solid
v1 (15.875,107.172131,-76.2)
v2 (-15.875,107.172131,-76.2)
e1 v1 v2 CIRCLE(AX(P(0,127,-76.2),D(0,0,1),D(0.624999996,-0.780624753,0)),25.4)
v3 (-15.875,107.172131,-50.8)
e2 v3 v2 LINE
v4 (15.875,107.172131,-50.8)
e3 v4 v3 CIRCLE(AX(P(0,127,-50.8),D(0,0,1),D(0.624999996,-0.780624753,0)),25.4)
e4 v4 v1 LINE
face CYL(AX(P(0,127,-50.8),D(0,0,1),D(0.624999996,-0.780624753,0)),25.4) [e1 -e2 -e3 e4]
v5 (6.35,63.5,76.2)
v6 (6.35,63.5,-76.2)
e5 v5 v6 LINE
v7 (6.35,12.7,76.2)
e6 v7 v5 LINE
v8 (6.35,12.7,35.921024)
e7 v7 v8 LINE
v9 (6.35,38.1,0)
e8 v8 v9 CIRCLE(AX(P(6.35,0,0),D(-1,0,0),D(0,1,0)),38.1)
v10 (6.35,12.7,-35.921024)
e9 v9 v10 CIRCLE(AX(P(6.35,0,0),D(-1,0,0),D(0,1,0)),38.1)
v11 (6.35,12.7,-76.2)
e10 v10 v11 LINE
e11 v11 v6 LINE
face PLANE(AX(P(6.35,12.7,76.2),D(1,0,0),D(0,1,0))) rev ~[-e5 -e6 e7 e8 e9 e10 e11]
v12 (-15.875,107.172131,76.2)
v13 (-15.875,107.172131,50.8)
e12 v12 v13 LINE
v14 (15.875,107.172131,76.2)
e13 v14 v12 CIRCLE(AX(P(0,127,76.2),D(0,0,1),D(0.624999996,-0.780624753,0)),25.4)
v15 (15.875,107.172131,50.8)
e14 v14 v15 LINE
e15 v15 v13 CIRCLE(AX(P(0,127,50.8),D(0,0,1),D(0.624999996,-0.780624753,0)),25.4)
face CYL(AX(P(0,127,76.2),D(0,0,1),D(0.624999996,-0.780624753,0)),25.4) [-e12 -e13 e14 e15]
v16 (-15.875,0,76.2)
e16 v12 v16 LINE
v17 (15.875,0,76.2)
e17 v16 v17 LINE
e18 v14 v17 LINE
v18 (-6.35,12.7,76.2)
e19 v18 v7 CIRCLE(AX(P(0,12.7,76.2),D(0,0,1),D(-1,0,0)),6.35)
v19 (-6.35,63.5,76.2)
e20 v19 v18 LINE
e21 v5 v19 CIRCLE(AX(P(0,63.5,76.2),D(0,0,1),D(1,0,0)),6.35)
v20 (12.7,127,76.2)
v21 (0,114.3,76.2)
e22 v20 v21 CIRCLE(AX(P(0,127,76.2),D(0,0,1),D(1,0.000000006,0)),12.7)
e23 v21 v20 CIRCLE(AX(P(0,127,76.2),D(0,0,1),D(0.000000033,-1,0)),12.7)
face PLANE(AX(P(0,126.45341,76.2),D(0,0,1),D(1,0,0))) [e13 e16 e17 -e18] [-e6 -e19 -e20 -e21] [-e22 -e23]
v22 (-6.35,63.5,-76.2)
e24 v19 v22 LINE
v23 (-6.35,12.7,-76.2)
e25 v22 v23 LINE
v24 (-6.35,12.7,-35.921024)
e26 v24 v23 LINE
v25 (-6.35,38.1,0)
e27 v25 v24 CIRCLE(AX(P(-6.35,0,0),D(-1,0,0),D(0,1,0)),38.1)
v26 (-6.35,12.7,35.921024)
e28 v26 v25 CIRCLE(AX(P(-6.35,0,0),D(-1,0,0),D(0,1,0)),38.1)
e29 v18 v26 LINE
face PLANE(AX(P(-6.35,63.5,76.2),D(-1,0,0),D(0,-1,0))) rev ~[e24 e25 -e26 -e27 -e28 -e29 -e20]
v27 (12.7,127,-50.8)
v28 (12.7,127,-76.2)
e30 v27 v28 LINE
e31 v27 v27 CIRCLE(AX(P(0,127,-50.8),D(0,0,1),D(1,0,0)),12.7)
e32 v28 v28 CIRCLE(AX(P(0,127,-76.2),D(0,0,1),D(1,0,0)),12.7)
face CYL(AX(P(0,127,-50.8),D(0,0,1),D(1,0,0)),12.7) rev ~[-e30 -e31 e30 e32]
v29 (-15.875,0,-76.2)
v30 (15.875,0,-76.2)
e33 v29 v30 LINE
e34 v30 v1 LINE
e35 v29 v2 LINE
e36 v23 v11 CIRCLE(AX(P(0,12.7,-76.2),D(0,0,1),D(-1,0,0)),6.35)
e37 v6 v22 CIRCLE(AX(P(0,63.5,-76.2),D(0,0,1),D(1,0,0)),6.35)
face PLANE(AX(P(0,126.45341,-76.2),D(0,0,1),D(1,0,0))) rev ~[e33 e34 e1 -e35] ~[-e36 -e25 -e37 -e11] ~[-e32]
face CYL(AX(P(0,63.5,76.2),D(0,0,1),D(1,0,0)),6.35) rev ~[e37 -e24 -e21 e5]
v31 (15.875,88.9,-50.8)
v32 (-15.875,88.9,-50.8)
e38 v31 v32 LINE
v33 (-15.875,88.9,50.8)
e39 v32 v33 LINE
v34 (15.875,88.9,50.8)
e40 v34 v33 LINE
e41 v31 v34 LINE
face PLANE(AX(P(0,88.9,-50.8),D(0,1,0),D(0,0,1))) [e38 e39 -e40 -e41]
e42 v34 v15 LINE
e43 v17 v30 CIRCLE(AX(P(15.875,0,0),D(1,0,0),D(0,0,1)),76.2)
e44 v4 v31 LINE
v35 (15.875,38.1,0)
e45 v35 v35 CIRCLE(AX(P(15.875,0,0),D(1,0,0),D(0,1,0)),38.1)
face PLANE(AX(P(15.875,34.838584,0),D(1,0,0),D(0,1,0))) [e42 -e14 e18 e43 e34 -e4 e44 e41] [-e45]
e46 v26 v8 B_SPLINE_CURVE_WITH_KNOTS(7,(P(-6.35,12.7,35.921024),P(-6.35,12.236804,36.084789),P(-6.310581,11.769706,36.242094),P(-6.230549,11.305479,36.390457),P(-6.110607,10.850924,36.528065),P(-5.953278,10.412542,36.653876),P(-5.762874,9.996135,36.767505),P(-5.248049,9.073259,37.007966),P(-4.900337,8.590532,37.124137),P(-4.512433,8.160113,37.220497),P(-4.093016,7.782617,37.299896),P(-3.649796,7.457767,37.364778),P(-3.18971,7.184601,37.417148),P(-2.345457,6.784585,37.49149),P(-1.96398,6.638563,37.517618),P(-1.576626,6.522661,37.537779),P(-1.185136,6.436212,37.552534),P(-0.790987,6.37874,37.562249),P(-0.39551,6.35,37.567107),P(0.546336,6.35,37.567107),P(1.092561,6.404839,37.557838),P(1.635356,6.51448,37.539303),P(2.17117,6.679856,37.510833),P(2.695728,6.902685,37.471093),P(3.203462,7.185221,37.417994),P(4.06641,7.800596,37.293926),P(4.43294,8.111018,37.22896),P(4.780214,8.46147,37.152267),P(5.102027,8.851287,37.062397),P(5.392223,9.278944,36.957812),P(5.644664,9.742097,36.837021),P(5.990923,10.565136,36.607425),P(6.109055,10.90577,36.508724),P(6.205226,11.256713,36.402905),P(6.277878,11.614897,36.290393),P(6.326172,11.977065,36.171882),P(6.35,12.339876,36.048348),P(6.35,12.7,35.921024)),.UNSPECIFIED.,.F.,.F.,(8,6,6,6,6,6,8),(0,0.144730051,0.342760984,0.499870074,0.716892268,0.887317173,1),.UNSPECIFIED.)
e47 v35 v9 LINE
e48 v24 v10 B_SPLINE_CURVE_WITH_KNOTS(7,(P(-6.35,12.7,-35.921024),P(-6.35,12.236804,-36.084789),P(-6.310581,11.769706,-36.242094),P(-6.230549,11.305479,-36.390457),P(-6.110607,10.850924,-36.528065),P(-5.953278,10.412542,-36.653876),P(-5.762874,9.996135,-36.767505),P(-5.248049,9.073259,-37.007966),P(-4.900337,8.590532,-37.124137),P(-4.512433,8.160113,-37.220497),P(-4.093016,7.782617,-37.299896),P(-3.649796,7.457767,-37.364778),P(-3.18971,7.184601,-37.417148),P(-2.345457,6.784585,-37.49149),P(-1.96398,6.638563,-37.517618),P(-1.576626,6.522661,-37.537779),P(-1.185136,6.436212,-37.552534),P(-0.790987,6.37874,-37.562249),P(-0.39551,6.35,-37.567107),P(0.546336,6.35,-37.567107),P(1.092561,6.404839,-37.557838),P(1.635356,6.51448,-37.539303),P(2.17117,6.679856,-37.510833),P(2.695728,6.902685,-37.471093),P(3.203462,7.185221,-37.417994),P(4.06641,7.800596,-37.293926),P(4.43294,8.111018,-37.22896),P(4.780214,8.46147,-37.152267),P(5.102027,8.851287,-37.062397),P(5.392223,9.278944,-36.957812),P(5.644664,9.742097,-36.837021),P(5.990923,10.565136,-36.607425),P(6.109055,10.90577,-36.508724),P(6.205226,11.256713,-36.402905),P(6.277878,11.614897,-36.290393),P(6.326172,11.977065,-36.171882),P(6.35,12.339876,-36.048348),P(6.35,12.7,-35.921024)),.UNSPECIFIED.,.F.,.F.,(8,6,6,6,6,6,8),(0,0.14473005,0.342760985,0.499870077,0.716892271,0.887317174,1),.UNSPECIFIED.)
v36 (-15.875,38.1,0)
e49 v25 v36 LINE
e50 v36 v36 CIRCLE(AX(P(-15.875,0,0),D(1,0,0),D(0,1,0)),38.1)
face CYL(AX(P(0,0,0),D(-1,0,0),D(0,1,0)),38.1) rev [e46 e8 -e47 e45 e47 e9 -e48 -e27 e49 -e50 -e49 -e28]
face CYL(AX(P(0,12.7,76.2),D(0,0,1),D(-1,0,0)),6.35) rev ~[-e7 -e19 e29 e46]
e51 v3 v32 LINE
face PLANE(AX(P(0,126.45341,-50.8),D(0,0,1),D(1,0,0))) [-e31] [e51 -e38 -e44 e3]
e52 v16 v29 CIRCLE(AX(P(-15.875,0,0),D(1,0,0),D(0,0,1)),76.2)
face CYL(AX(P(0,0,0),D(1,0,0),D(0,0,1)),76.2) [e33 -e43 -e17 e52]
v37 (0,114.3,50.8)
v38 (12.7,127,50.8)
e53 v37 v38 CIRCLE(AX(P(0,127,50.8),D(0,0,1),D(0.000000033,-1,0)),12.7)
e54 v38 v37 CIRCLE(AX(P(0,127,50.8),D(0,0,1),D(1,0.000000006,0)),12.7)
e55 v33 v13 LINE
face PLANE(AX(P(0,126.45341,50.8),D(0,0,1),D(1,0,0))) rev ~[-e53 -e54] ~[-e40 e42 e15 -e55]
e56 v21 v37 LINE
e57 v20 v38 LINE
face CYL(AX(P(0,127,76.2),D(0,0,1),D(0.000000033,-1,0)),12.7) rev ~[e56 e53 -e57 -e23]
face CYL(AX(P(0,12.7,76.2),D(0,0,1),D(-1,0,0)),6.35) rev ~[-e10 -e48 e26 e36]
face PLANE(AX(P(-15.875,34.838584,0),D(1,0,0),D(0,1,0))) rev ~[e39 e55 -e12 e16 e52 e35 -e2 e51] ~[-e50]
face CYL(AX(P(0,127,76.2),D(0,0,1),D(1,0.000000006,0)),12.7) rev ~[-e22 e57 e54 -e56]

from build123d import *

# Parameters (mm, degrees)
F0_R          = 38.1
F1_DEPTH      = 15.875
F1_DEPTH_BACK = 15.875
F3_DEPTH      = 25.4
F4_DEPTH      = 25.4
F6_DEPTH      = 25.4
F7_R          = 12.7
F8_DEPTH      = 25.4
F10_DEPTH     = 152.4


with BuildPart() as f1:
    # F0 (on Right) → F1 (new body, two sides)
    with BuildSketch(Plane.YZ) as f1_sk:
        with BuildLine():
            Line((114.3, 76.2), (0, 76.2))
            ThreePointArc((0, 76.2), (-76.2, 0), (0, -76.2))
            Line((0, -76.2), (114.3, -76.2))
            Line((114.3, -76.2), (114.3, -50.8))
            Line((114.3, -50.8), (88.9, -50.8))
            Line((88.9, -50.8), (88.9, 50.8))
            Line((88.9, 50.8), (114.3, 50.8))
            Line((114.3, 50.8), (114.3, 76.2))
        make_face()
        Circle(F0_R, mode=Mode.SUBTRACT)
    extrude(amount=F1_DEPTH)
    extrude(f1_sk.sketch, amount=-F1_DEPTH_BACK)

    # F2 (on face) → F3 (join, through all)
    with BuildSketch(Plane.XY.offset(76.2)):
        with BuildLine():
            Line((15.875, 114.3), (15.875, 107.172131))
            ThreePointArc((15.875, 107.172131), (0, 152.4), (-15.875, 107.172131))
            Line((-15.875, 107.172131), (-15.875, 114.3))
            Line((-15.875, 114.3), (0, 114.3))
            Line((0, 114.3), (15.875, 114.3))
        make_face()
        with BuildLine():
            ThreePointArc((12.7, 127), (8.980256, 118.019744), (0, 114.3))
            ThreePointArc((0, 114.3), (-8.980256, 135.980256), (12.7, 127))
        make_face(mode=Mode.SUBTRACT)
        with BuildLine():
            ThreePointArc((12.7, 127), (-8.980256, 135.980256), (0, 114.3))
            ThreePointArc((0, 114.3), (8.980256, 118.019744), (12.7, 127))
        make_face()
    extrude(amount=-F3_DEPTH)

    # F2 (on face) → F4 (cut, through all)
    with BuildSketch(Plane.XY.offset(76.2)):
        with BuildLine():
            ThreePointArc((12.7, 127), (-8.980256, 135.980256), (0, 114.3))
            ThreePointArc((0, 114.3), (8.980256, 118.019744), (12.7, 127))
        make_face()
    extrude(amount=-F4_DEPTH, mode=Mode.SUBTRACT)

    # F5 (on face) → F6 (join, through all)
    with BuildSketch(Plane.XY.offset(-50.8)):
        with BuildLine():
            Line((15.875, 114.3), (15.875, 107.172131))
            ThreePointArc((15.875, 107.172131), (0, 152.4), (-15.875, 107.172131))
            Line((-15.875, 107.172131), (-15.875, 114.3))
            Line((-15.875, 114.3), (15.875, 114.3))
        make_face()
    extrude(amount=-F6_DEPTH)

    # F7 (on face) → F8 (cut, through all)
    with BuildSketch(Plane.XY.offset(-50.8)):
        with Locations((0, 127)):
            Circle(F7_R)
    extrude(amount=-F8_DEPTH, mode=Mode.SUBTRACT)

    # F9 (on face) → F10 (cut, through all)
    with BuildSketch(Plane.XY.offset(76.2)):
        with BuildLine():
            Line((6.35, 12.7), (6.35, 63.5))
            ThreePointArc((6.35, 63.5), (0, 69.85), (-6.35, 63.5))
            Line((-6.35, 63.5), (-6.35, 12.7))
            ThreePointArc((-6.35, 12.7), (0, 6.35), (6.35, 12.7))
        make_face()
    extrude(amount=-F10_DEPTH, mode=Mode.SUBTRACT)


solid = f1.part
